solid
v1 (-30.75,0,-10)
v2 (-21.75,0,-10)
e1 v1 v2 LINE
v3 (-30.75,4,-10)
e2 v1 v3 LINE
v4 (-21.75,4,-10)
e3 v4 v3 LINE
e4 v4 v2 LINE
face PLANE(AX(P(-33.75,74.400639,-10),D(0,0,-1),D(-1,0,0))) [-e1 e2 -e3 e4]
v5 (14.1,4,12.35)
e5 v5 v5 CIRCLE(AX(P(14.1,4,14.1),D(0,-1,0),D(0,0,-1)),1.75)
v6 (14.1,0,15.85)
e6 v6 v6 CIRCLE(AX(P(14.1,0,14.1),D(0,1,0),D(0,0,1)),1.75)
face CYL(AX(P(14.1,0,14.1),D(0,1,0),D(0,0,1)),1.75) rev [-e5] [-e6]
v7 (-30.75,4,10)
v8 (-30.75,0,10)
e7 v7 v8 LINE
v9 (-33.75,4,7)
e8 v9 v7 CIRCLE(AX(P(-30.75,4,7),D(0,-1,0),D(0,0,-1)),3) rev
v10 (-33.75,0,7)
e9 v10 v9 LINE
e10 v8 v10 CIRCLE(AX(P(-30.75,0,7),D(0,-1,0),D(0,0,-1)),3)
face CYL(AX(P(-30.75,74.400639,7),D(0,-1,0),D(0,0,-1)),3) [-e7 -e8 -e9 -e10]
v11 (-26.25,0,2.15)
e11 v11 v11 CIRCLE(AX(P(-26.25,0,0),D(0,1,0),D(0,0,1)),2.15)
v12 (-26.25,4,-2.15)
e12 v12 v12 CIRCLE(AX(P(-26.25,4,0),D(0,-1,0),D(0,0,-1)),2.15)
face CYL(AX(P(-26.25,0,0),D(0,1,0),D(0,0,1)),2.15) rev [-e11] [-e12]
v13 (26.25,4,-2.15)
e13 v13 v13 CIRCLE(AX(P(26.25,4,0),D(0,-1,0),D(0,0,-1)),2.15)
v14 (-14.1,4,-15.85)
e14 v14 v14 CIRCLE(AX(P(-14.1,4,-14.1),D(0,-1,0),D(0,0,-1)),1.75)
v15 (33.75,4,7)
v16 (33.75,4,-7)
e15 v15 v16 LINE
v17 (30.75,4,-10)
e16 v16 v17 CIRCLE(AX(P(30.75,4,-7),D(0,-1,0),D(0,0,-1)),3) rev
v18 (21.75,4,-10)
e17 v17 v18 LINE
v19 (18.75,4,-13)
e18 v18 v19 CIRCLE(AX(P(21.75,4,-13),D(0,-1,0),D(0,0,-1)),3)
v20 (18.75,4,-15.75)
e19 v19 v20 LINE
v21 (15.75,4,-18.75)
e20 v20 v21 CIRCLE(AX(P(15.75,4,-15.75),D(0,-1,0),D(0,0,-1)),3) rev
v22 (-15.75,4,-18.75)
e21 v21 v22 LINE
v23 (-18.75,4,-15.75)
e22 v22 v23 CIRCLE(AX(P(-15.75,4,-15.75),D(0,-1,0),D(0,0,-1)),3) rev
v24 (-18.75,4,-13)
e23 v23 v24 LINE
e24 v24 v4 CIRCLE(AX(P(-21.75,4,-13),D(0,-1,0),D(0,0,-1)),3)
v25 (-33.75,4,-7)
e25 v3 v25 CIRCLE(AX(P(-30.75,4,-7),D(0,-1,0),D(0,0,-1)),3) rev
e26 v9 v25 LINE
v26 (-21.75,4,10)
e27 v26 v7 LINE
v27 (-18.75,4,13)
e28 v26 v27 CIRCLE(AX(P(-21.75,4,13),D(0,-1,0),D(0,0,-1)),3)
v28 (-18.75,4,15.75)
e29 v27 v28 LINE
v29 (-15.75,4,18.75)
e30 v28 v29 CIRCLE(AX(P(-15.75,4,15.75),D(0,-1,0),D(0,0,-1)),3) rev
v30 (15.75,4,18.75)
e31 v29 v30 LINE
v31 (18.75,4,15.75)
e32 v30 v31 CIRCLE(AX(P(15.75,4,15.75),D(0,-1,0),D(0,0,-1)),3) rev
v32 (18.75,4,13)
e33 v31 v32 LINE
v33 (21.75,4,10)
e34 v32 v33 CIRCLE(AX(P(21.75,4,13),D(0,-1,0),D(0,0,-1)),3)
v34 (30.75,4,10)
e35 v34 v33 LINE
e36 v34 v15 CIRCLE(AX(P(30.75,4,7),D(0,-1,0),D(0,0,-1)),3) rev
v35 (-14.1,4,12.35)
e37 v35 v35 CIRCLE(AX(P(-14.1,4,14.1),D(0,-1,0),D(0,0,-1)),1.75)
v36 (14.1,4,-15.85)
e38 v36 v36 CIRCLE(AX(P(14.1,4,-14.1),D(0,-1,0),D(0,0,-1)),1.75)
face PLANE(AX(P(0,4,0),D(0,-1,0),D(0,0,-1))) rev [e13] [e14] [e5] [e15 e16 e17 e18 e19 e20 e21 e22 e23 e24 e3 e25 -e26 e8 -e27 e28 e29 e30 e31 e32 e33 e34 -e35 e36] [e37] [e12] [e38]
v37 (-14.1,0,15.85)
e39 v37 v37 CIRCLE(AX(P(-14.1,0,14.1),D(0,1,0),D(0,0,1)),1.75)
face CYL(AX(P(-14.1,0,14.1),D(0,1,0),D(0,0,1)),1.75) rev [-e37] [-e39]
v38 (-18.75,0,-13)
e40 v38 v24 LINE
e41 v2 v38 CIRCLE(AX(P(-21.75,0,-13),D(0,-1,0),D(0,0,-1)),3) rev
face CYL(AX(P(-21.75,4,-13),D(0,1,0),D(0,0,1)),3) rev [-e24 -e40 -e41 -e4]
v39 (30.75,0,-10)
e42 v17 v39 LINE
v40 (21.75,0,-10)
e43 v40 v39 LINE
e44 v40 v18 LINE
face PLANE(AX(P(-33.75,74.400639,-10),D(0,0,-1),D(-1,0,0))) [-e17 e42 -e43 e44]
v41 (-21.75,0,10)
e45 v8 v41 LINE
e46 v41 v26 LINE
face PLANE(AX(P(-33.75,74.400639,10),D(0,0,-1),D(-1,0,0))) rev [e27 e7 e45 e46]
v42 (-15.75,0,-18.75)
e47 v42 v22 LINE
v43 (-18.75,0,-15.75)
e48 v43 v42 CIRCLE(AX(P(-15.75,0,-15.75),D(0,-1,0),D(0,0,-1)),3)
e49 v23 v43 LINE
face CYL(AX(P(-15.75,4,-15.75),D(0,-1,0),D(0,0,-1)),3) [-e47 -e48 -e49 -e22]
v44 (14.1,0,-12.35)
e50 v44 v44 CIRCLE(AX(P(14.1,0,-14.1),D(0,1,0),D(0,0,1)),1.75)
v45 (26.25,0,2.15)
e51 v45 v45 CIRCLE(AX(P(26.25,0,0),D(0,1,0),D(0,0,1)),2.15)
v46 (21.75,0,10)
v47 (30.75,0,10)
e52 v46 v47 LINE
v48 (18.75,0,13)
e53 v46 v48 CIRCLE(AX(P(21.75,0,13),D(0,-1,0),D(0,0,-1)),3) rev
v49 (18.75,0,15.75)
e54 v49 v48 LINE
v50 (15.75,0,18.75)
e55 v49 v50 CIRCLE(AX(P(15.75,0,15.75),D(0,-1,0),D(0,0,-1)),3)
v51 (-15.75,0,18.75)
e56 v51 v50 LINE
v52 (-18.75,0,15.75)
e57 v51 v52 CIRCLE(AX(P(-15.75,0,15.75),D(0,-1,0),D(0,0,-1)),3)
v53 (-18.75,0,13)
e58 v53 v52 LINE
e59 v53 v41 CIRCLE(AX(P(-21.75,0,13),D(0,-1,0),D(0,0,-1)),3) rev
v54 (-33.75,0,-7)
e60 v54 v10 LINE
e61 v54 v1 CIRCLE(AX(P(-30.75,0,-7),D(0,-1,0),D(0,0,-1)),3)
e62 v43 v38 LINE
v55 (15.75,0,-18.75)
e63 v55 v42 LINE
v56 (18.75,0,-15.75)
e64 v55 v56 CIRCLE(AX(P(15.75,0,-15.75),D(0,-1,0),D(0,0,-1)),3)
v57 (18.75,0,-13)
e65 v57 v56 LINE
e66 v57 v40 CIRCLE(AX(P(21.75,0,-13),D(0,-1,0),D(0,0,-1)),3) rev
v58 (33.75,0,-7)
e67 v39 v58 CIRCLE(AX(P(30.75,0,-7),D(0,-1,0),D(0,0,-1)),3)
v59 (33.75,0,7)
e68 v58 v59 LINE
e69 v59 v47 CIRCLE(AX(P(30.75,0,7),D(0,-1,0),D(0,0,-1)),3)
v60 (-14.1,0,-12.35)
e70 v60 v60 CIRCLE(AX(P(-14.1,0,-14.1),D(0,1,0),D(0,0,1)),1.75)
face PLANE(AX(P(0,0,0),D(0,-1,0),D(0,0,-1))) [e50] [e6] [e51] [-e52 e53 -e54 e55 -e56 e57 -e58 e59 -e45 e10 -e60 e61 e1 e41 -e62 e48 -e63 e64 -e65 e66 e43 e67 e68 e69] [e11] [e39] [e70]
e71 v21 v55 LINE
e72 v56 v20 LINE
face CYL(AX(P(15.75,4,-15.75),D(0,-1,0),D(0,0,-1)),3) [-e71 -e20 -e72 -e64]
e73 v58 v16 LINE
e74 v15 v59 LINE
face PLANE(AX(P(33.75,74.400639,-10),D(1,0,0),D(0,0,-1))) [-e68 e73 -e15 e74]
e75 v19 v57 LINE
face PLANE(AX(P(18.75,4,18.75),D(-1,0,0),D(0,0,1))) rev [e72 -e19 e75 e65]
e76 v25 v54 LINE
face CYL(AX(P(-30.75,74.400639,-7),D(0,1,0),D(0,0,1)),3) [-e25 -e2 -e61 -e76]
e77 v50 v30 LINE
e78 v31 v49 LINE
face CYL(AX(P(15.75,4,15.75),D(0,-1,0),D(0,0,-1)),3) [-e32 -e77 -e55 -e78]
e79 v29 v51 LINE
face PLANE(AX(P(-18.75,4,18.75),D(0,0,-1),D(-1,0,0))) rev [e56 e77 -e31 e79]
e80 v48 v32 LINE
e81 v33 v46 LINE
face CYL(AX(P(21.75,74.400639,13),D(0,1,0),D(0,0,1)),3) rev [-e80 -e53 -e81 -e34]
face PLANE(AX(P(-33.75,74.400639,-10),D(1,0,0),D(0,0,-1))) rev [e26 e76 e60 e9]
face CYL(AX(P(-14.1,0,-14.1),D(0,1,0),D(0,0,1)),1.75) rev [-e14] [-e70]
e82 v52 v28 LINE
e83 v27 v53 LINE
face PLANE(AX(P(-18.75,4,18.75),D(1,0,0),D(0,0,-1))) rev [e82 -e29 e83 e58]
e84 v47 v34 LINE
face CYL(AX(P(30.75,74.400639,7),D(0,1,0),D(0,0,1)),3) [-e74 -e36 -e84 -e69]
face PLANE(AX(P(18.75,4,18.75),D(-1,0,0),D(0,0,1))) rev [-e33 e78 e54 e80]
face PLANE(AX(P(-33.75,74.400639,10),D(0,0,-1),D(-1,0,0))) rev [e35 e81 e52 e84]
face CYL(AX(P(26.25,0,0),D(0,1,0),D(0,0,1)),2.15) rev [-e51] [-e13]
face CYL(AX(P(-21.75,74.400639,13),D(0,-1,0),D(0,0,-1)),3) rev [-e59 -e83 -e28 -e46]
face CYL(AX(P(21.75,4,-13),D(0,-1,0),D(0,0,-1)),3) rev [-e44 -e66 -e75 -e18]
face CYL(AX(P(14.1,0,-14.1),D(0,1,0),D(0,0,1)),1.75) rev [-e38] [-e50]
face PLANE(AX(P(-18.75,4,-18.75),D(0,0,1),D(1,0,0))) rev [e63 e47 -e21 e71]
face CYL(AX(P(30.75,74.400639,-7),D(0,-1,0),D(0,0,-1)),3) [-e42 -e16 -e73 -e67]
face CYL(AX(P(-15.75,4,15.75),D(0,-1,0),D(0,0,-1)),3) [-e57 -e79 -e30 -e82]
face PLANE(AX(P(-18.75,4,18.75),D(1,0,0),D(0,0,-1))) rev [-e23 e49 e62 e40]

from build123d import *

# Parameters (mm, degrees)
SKETCH1_W               = 37.5
SKETCH1_H               = 37.5
BOSS_EXTRUDE1_DEPTH     = 4
FILLET1_R               = 3
SKETCH5_R               = 1.75
CUT_EXTRUDE2_DEPTH      = 1
CUT_EXTRUDE2_DEPTH_BACK = 5
SKETCH6_W               = 67.5
SKETCH6_H               = 20
BOSS_EXTRUDE2_DEPTH     = 4
FILLET2_R               = 3
SKETCH7_R               = 2.15
CUT_EXTRUDE3_DEPTH      = 1
CUT_EXTRUDE3_DEPTH_BACK = 5


with BuildPart() as part:
    # Sketch1 → Boss-Extrude1 (new body)
    with BuildSketch(Plane(origin=(0, 0, 0), x_dir=(1, 0, 0), z_dir=(0, 1, 0))):
        Rectangle(SKETCH1_W, SKETCH1_H)
    extrude(amount=BOSS_EXTRUDE1_DEPTH)

    # Fillet1
    fillet1_edges = [part.edges().sort_by_distance(p)[0] for p in [
        (18.75, 2, 18.75),
        (-18.75, 2, 18.75),
        (-18.75, 2, -18.75),
        (18.75, 2, -18.75),
    ]]
    fillet(fillet1_edges, radius=FILLET1_R)

    # Sketch5 → Cut-Extrude2 (cut, two sides)
    with BuildSketch(Plane(origin=(0, 4, 0), x_dir=(1, 0, 0), z_dir=(0, 1, 0))) as cut_extrude2_sk:
        with Locations((-14.1, 14.1)):
            Circle(SKETCH5_R)
        with Locations((14.1, 14.1)):
            Circle(SKETCH5_R)
        with Locations((14.1, -14.1)):
            Circle(SKETCH5_R)
        with Locations((-14.1, -14.1)):
            Circle(SKETCH5_R)
    extrude(amount=CUT_EXTRUDE2_DEPTH, mode=Mode.SUBTRACT)
    extrude(cut_extrude2_sk.sketch, amount=-CUT_EXTRUDE2_DEPTH_BACK, mode=Mode.SUBTRACT)

    # Sketch6 → Boss-Extrude2 (add)
    with BuildSketch(Plane.XZ):
        Rectangle(SKETCH6_W, SKETCH6_H)
    extrude(amount=-BOSS_EXTRUDE2_DEPTH)

    # Fillet2
    fillet2_edges = [part.edges().sort_by_distance(p)[0] for p in [
        (33.75, 2, -10),
        (18.75, 2, 10),
        (-18.75, 2, 10),
        (-33.75, 2, 10),
        (-33.75, 2, -10),
        (18.75, 2, -10),
        (-18.75, 2, -10),
        (33.75, 2, 10),
    ]]
    fillet(fillet2_edges, radius=FILLET2_R)

    # Sketch7 → Cut-Extrude3 (cut, two sides)
    with BuildSketch(Plane(origin=(0, 4, 0), x_dir=(1, 0, 0), z_dir=(0, 1, 0))) as cut_extrude3_sk:
        with Locations((-26.25, 0)):
            Circle(SKETCH7_R)
        with Locations((26.25, 0)):
            Circle(SKETCH7_R)
    extrude(amount=CUT_EXTRUDE3_DEPTH, mode=Mode.SUBTRACT)
    extrude(cut_extrude3_sk.sketch, amount=-CUT_EXTRUDE3_DEPTH_BACK, mode=Mode.SUBTRACT)


solid = part.part
